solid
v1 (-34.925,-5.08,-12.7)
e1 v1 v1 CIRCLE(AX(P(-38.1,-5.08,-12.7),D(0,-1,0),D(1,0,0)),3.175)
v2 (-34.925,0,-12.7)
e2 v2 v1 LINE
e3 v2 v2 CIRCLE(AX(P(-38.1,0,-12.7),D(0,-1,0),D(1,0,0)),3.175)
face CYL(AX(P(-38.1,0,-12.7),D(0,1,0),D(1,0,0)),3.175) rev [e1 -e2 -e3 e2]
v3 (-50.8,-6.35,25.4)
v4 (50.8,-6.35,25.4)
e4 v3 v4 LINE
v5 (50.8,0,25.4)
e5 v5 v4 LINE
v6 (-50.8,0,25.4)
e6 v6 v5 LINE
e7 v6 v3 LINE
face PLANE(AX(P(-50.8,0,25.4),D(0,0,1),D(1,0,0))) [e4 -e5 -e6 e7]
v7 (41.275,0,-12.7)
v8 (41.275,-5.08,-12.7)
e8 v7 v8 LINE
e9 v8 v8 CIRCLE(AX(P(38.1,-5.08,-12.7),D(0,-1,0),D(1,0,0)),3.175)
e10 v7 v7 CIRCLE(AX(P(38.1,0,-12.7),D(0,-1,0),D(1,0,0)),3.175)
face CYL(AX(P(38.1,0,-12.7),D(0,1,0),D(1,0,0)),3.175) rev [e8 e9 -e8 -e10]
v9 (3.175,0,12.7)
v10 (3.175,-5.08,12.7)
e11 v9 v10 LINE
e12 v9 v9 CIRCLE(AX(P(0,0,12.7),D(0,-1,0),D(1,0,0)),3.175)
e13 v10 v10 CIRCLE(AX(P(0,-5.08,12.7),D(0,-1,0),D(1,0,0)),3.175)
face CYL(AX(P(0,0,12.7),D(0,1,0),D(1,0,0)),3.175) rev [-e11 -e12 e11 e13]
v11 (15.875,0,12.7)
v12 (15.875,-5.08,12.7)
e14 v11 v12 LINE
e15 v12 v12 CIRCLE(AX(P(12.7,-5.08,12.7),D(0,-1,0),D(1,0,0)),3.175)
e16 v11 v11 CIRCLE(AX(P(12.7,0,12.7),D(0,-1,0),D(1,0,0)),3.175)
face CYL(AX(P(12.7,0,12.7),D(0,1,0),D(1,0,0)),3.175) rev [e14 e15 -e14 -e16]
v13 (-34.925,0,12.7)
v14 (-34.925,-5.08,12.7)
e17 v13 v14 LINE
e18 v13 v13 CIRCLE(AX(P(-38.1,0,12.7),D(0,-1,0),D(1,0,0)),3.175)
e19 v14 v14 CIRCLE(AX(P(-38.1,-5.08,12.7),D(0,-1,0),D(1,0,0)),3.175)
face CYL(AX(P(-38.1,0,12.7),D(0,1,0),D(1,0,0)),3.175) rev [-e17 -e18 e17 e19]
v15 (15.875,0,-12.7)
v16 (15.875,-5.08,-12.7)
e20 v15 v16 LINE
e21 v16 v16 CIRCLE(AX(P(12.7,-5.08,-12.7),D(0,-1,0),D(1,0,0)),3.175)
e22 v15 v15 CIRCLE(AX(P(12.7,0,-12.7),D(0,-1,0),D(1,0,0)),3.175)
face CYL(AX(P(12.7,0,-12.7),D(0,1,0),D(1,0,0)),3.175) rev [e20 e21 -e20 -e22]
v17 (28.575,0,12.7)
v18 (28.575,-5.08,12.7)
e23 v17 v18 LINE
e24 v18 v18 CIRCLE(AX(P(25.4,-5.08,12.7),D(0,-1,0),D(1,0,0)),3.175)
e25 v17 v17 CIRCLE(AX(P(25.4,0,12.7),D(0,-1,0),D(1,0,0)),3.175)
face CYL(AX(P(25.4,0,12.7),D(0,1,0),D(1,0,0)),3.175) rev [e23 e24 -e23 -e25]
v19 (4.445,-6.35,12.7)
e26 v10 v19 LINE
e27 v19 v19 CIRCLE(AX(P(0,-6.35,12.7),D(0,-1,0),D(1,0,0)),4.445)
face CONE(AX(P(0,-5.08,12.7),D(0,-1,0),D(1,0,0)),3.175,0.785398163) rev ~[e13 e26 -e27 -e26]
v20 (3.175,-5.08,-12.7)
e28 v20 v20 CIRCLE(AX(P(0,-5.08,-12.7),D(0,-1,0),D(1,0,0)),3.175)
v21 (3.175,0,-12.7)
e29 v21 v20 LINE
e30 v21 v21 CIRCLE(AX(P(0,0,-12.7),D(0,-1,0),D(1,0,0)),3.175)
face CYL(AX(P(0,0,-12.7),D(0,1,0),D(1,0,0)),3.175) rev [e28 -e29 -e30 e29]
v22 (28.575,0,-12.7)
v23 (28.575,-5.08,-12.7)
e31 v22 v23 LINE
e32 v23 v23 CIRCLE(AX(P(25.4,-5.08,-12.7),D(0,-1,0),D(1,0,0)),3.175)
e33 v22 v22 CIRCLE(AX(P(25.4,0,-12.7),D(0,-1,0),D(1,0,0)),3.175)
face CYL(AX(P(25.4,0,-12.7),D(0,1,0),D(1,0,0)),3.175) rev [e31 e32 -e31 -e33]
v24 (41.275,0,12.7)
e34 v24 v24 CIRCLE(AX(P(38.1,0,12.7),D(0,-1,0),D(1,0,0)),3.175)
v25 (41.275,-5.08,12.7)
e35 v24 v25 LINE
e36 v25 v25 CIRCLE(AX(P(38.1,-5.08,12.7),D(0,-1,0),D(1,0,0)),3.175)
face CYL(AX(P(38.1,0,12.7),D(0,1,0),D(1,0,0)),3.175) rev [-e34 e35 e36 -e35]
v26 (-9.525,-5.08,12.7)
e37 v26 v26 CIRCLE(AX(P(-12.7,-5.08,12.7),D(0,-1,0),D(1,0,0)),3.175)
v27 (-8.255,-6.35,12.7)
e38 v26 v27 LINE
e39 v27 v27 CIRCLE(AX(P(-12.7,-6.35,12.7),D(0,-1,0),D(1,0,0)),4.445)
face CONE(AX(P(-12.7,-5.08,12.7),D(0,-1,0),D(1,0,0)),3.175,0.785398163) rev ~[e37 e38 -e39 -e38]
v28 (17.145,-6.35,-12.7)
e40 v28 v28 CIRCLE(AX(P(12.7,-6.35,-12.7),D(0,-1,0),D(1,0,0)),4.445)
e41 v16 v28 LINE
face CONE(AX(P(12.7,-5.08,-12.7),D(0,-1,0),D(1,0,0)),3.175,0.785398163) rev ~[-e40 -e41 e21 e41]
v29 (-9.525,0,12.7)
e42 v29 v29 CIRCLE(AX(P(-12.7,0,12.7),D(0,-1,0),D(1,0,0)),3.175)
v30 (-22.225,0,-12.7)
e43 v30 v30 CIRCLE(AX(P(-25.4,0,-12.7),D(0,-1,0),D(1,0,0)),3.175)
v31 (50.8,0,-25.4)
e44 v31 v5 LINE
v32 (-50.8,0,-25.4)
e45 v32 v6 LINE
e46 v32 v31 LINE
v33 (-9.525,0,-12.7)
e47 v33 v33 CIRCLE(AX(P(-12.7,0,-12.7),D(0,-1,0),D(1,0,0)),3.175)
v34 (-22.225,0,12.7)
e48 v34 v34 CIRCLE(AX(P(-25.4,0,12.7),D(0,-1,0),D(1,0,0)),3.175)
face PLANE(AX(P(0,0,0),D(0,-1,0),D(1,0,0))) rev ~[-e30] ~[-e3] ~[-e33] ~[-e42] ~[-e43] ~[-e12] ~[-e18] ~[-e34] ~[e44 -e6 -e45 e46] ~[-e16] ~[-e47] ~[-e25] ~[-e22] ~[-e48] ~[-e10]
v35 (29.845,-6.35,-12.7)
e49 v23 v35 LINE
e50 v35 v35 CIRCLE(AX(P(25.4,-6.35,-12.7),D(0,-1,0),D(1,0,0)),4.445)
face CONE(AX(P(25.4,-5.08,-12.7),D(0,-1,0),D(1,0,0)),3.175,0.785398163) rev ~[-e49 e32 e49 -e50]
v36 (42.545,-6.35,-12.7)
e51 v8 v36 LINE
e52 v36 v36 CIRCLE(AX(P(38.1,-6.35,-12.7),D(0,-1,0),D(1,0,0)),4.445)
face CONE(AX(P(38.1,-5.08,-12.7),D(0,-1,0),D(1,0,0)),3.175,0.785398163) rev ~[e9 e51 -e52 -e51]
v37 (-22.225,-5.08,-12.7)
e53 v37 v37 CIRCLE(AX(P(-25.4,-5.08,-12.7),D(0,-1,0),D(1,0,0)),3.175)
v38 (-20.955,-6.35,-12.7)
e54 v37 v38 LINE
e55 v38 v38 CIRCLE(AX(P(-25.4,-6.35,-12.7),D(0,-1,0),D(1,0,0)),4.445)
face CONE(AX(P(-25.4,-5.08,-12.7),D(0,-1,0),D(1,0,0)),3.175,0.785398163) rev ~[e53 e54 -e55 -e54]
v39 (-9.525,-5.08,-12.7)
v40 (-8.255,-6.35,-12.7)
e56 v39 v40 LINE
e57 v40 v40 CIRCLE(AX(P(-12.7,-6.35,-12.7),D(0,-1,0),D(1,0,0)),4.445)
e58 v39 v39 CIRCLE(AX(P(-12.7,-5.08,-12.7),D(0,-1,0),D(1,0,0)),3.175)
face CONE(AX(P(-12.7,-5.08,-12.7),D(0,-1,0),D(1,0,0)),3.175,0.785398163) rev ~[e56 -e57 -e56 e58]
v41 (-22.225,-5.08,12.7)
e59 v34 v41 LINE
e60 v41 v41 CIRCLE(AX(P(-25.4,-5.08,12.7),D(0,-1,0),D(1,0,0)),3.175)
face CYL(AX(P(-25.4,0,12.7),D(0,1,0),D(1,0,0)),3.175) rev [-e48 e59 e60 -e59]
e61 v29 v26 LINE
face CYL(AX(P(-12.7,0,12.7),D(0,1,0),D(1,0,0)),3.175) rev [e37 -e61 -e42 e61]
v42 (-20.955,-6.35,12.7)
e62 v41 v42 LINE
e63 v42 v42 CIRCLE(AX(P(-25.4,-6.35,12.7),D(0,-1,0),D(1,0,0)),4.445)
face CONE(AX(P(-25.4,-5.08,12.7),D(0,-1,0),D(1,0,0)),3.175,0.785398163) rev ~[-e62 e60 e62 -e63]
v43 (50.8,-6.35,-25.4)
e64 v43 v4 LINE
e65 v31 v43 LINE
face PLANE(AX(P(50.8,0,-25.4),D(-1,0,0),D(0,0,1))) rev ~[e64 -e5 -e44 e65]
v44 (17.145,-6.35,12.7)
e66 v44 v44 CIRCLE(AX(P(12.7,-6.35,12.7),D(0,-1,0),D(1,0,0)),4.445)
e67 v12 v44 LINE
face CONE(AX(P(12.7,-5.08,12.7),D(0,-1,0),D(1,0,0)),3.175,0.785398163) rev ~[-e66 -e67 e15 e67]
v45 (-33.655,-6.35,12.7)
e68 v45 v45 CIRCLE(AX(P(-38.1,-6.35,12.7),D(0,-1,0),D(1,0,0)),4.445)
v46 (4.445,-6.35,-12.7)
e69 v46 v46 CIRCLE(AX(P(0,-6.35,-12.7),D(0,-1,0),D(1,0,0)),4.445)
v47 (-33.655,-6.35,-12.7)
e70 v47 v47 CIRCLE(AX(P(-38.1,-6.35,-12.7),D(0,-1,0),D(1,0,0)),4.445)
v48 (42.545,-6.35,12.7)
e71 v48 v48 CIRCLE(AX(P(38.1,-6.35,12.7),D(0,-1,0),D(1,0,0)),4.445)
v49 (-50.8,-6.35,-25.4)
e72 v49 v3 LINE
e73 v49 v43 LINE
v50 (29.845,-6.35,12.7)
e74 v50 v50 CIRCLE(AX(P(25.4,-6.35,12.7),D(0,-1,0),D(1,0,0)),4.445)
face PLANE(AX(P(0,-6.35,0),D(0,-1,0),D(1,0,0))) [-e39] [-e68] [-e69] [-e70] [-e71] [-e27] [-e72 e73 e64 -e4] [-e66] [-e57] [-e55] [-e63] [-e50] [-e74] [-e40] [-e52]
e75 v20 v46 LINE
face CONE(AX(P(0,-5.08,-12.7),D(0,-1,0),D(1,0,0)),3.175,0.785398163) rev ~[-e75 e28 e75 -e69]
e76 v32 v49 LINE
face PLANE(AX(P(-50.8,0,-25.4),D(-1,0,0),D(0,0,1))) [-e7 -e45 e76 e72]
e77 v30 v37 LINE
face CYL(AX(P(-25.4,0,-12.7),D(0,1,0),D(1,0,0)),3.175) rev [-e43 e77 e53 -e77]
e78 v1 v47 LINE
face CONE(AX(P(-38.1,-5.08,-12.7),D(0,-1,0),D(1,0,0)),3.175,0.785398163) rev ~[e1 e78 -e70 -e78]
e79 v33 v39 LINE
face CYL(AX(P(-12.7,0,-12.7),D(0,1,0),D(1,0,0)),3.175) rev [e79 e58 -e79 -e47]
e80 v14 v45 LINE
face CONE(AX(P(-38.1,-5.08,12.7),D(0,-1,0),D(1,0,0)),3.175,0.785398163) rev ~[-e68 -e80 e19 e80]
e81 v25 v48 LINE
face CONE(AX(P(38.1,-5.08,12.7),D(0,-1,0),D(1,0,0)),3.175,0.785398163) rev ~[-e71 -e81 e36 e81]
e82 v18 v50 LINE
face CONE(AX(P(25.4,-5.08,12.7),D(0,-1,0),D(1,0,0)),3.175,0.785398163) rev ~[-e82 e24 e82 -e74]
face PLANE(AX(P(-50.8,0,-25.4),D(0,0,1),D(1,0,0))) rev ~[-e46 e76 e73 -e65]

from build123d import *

# Parameters (mm, degrees)
F0_W     = 101.6
F0_H     = 50.8
F0_R     = 3.175
F1_DEPTH = 6.35
F2_SIZE  = 1.27


with BuildPart() as f1:
    # F0 (on Front) → F1 (new body)
    with BuildSketch(Plane.XZ):
        Rectangle(F0_W, F0_H)
        with Locations((-38.1, -12.7)):
            Circle(F0_R, mode=Mode.SUBTRACT)
        with Locations((-25.4, -12.7)):
            Circle(F0_R, mode=Mode.SUBTRACT)
        with Locations((-12.7, -12.7)):
            Circle(F0_R, mode=Mode.SUBTRACT)
        with Locations((0, -12.7)):
            Circle(F0_R, mode=Mode.SUBTRACT)
        with Locations((12.7, -12.7)):
            Circle(F0_R, mode=Mode.SUBTRACT)
        with Locations((25.4, -12.7)):
            Circle(F0_R, mode=Mode.SUBTRACT)
        with Locations((38.1, -12.7)):
            Circle(F0_R, mode=Mode.SUBTRACT)
        with Locations((-38.1, 12.7)):
            Circle(F0_R, mode=Mode.SUBTRACT)
        with Locations((-25.4, 12.7)):
            Circle(F0_R, mode=Mode.SUBTRACT)
        with Locations((-12.7, 12.7)):
            Circle(F0_R, mode=Mode.SUBTRACT)
        with Locations((0, 12.7)):
            Circle(F0_R, mode=Mode.SUBTRACT)
        with Locations((12.7, 12.7)):
            Circle(F0_R, mode=Mode.SUBTRACT)
        with Locations((25.4, 12.7)):
            Circle(F0_R, mode=Mode.SUBTRACT)
        with Locations((38.1, 12.7)):
            Circle(F0_R, mode=Mode.SUBTRACT)
    extrude(amount=F1_DEPTH)

    # F2
    f2_edges = [f1.edges().sort_by_distance(p)[0] for p in [
        (-41.275, -6.35, 12.7),
        (-28.575, -6.35, 12.7),
        (-15.875, -6.35, 12.7),
        (-3.175, -6.35, 12.7),
        (9.525, -6.35, 12.7),
        (22.225, -6.35, 12.7),
        (34.925, -6.35, 12.7),
        (34.925, -6.35, -12.7),
        (22.225, -6.35, -12.7),
        (9.525, -6.35, -12.7),
        (-3.175, -6.35, -12.7),
        (-15.875, -6.35, -12.7),
        (-41.275, -6.35, -12.7),
        (-28.575, -6.35, -12.7),
    ]]
    chamfer(f2_edges, length=F2_SIZE)


solid = f1.part
